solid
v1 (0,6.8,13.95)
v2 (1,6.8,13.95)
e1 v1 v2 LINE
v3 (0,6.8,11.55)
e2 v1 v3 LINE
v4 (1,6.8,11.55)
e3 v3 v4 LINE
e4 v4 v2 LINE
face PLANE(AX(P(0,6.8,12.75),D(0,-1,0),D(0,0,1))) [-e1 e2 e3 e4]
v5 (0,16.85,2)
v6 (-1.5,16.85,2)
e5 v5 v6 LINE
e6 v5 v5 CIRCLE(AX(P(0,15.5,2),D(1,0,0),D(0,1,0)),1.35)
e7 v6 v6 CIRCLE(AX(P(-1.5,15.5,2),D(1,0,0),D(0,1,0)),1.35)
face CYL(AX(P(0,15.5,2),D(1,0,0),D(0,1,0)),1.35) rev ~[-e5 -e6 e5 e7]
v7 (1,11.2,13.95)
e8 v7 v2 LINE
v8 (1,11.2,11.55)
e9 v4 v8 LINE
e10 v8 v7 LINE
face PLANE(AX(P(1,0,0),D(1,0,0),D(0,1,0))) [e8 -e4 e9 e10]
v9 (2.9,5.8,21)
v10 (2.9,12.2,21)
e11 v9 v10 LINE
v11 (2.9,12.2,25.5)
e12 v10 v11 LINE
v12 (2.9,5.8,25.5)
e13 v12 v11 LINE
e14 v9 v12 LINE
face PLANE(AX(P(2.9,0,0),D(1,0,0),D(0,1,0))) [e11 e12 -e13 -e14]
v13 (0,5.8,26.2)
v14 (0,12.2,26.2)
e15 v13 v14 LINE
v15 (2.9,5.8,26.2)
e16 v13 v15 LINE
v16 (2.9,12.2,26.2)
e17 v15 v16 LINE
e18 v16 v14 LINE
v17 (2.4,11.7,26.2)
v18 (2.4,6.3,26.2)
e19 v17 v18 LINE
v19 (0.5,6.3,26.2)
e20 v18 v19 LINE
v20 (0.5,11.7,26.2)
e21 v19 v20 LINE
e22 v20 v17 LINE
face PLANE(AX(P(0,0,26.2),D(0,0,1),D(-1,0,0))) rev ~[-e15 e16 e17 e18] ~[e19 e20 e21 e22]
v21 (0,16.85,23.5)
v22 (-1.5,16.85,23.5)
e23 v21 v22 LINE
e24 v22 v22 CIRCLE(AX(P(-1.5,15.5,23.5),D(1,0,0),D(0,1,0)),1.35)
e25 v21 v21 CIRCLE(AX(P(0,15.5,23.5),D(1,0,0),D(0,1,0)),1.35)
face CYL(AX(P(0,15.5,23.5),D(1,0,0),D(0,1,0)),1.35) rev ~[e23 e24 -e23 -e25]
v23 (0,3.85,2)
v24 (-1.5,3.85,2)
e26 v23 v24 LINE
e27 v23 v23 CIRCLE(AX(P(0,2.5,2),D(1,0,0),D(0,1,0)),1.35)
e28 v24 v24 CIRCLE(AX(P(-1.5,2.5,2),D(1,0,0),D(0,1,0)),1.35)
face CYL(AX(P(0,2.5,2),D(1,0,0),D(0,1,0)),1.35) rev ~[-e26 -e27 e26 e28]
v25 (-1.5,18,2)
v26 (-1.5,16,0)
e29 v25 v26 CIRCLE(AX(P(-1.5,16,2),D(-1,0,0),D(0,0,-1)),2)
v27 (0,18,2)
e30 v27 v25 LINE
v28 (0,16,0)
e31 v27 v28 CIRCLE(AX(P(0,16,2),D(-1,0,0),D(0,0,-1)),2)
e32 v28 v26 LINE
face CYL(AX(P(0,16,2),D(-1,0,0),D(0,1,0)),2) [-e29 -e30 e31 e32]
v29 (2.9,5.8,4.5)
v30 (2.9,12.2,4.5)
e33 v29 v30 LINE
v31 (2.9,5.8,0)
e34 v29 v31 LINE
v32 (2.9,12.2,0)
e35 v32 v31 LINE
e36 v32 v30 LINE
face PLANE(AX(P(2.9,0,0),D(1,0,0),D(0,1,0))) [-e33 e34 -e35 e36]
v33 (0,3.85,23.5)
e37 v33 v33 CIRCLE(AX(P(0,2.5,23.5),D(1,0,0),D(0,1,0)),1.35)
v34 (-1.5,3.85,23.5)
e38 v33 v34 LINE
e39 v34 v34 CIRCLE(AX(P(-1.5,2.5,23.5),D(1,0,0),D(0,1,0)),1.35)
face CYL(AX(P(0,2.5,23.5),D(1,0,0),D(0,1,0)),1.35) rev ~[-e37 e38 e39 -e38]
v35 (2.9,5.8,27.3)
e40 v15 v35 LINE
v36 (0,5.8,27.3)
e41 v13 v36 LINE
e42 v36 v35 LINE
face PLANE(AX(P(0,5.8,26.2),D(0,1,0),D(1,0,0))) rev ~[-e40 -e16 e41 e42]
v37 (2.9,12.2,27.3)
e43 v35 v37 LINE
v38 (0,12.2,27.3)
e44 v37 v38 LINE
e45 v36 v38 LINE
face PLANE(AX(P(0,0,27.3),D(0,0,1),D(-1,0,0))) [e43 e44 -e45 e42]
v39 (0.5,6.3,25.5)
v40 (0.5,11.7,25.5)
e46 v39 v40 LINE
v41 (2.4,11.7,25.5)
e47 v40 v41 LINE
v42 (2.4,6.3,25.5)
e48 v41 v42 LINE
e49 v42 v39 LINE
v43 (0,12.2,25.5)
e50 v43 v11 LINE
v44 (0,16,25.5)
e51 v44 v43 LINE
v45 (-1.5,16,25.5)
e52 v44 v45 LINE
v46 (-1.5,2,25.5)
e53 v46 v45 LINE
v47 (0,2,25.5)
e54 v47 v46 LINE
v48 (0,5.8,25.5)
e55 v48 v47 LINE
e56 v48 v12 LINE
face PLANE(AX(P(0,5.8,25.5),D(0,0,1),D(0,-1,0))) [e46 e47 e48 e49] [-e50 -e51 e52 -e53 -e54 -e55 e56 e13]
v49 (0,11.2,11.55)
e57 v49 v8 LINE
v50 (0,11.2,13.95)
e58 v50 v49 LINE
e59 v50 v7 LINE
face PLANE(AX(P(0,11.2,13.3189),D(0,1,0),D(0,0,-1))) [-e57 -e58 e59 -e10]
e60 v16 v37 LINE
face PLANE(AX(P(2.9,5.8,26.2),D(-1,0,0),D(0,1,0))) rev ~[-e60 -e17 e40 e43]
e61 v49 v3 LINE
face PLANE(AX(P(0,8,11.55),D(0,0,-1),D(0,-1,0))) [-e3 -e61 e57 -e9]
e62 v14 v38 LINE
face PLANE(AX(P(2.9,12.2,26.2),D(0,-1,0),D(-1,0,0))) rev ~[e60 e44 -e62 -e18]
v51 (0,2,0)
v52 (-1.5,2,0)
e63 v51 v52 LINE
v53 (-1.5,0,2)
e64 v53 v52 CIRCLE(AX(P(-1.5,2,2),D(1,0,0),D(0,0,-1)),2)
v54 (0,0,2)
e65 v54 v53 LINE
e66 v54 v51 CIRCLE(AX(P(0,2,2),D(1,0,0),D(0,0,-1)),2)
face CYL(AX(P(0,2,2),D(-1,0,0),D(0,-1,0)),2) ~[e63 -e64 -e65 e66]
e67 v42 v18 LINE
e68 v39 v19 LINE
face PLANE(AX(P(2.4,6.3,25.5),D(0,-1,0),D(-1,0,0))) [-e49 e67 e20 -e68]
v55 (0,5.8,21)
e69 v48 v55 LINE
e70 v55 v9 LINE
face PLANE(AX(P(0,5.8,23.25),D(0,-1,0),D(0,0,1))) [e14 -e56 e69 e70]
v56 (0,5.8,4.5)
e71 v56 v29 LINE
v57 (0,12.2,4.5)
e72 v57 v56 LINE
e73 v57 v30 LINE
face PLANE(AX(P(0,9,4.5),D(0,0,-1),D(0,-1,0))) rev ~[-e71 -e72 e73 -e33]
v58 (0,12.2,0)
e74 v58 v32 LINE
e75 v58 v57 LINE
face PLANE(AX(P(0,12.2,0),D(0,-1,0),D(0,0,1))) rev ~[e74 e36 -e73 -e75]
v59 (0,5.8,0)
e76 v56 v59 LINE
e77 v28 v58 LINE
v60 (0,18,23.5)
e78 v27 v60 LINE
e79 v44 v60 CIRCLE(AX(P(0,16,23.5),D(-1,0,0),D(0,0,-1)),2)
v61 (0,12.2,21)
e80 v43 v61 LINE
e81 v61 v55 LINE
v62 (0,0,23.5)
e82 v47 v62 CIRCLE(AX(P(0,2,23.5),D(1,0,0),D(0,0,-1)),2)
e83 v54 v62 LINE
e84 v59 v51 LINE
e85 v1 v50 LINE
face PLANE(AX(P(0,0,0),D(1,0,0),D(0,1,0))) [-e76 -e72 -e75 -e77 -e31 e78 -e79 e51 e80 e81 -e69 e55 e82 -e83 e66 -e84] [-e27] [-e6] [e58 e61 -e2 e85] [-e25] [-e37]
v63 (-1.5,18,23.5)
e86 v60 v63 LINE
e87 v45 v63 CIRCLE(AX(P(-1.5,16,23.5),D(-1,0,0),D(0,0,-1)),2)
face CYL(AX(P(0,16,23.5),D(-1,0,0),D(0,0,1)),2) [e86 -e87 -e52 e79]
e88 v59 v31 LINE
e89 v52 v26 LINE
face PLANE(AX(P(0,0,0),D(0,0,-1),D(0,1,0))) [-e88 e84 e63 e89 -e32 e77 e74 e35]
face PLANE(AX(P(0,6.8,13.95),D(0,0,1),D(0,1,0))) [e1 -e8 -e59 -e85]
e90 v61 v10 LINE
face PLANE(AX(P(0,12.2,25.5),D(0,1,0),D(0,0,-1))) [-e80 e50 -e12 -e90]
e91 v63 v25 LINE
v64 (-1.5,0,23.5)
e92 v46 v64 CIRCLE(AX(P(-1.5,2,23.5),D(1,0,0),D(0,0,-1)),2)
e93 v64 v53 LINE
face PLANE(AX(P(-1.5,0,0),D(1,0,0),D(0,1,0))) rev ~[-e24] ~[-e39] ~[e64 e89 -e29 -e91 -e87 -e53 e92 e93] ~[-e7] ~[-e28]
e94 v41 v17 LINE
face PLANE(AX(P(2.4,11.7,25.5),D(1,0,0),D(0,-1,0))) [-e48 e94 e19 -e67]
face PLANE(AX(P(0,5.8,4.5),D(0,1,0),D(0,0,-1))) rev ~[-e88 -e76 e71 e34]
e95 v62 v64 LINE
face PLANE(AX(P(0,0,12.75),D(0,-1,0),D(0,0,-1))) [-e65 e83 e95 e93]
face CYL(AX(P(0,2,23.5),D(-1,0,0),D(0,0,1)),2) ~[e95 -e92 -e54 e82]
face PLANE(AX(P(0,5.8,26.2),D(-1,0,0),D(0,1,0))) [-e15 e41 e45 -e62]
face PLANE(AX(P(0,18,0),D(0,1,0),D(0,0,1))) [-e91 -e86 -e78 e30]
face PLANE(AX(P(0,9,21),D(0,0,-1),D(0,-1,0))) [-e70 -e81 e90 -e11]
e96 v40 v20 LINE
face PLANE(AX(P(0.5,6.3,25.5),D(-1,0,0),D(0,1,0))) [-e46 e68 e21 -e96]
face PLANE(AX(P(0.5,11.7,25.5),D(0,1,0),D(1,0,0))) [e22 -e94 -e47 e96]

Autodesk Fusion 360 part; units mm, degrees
sketch "Sketch1" plane through (0, 0, 0) normal (1, 0, 0) x (0, 1, 0)
  line L0 (0, 0) -> (18, 0)
  line L1 (18, 0) -> (18, 25.5)
  line L2 (18, 25.5) -> (0, 25.5)
  line L3 (0, 25.5) -> (0, 0)
  line L4 (5.8, 25.5) -> (12.2, 25.5)
  line L5 (12.2, 25.5) -> (12.2, 21)
  line L6 (12.2, 21) -> (5.8, 21)
  line L7 (5.8, 21) -> (5.8, 25.5)
  line L8 (9, 0) -> (9, 25.5)
  line L9 (12.2, 23.25) -> (9, 23.25)
  line L10 (5.8, 23.25) -> (9, 23.25)
  line L11 (0, 12.75) -> (18, 12.75)
  line L12 (5.8, 4.5) -> (5.8, 0)
  line L13 (5.8, 0) -> (12.2, 0)
  line L14 (12.2, 0) -> (12.2, 4.5)
  line L15 (12.2, 4.5) -> (5.8, 4.5)
  line L16 (6.8, 13.95) -> (11.2, 13.95)
  line L17 (11.2, 13.95) -> (11.2, 11.55)
  line L18 (11.2, 11.55) -> (6.8, 11.55)
  line L19 (6.8, 11.55) -> (6.8, 13.95)
  line L20 (8, 13.95) -> (8, 12.75)
  line L21 (8, 11.55) -> (8, 12.75)
  line L22 (11.2, 13.3189) -> (9, 13.3189)
  line L23 (6.8, 13.3189) -> (9, 13.3189)
  dimension "d1" = 25.5
  dimension "d2" = 18
  dimension "d3" = 6.4
  dimension "d4" = 4.5
  dimension "d5" = 4.4
  dimension "d6" = 2.4
extrude "Extrude1" add sketch "Sketch1" against normal blind 1.5
extrude "Extrude2" add sketch "Sketch1" along normal blind 2.9 contours L0 L8 L12 L13 L15 | L0 L8 L13 L14 L15 | L2 L4 L7 L8 L10 | L2 L4 L5 L8 L9 | L6 L7 L8 L10 | L5 L6 L8 L9
extrude "Extrude3" add sketch "Sketch1" along normal blind 1 contours L11 L19 L20 L23 | L11 L18 L19 L21 | L8 L11 L20 L23 | L8 L11 L18 L21 | L16 L19 L20 L23 | L8 L11 L17 L18 | L8 L11 L17 L22 | L8 L16 L20 L23 | L8 L16 L17 L22
sketch "Sketch2" plane through (0, 0, 25.5) normal (0, 0, 1) x (-1, 0, 0)
  line L0 (0, -12.2) -> (0, -18)
  line L1 (0, -18) -> (1.5, -18)
  line L2 (1.5, -18) -> (1.5, 0)
  line L3 (1.5, 0) -> (0, 0)
  line L4 (0, 0) -> (0, -5.8)
  line L5 (0, -5.8) -> (-2.9, -5.8)
  line L6 (-2.9, -5.8) -> (-2.9, -12.2)
  line L7 (-2.9, -12.2) -> (0, -12.2)
  line L8 (-2.4, -6.3) -> (-0.5, -6.3)
  line L9 (-0.5, -6.3) -> (-0.5, -11.7)
  line L10 (-0.5, -11.7) -> (-2.4, -11.7)
  line L11 (-2.4, -11.7) -> (-2.4, -6.3)
  line L12 (0, -5.8) -> (0, -12.2)
  dimension "d13" = 0.5
  dimension "d14" = 0.5
  dimension "d15" = 0.5
  dimension "d16" = 0.5
extrude "Extrude4" add sketch "Sketch2" along normal blind 0.7 contours L8 L9 L10 L11
sketch "Sketch3" plane through (0, 0, 26.2) normal (0, 0, 1) x (-1, 0, 0)
  line L0 (-2.4, -11.7) -> (-0.5, -11.7)
  line L1 (-0.5, -11.7) -> (-0.5, -6.3)
  line L2 (-0.5, -6.3) -> (-2.4, -6.3)
  line L3 (-2.4, -6.3) -> (-2.4, -11.7)
  line L4 (-2.4, -11.7) -> (-2.4, -6.3)
  line L5 (-2.4, -6.3) -> (-0.5, -6.3)
  line L6 (-0.5, -6.3) -> (-0.5, -11.7)
  line L7 (-0.5, -11.7) -> (-2.4, -11.7)
  line L8 (0, -12.2) -> (0, -18)
  line L9 (0, -18) -> (1.5, -18)
  line L10 (1.5, -18) -> (1.5, 0)
  line L11 (1.5, 0) -> (0, 0)
  line L12 (0, 0) -> (0, -5.8)
  line L13 (0, -5.8) -> (-2.9, -5.8)
  line L14 (-2.9, -5.8) -> (-2.9, -12.2)
  line L15 (-2.9, -12.2) -> (0, -12.2)
  line L16 (-2.9, -5.8) -> (0, -5.8)
  line L17 (0, -5.8) -> (0, -12.2)
  line L18 (0, -12.2) -> (-2.9, -12.2)
  line L19 (-2.9, -12.2) -> (-2.9, -5.8)
extrude "Extrude5" add sketch "Sketch3" along normal blind 1.1 contours L0 L1 L2 L3 L4 L5 L6 L7 | L13 L14 L15 L16 L17 L18 L19
sketch "Sketch4" plane through (0, 0, 0) normal (1, 0, 0) x (0, 1, 0)
  line L0 (6.8, 11.55) -> (6.8, 13.95)
  line L1 (6.8, 13.95) -> (11.2, 13.95)
  line L2 (11.2, 13.95) -> (11.2, 11.55)
  line L3 (11.2, 11.55) -> (6.8, 11.55)
  line L4 (12.2, 25.5) -> (12.2, 21)
  line L5 (12.2, 21) -> (5.8, 21)
  line L6 (5.8, 21) -> (5.8, 25.5)
  line L7 (5.8, 25.5) -> (0, 25.5)
  line L8 (0, 25.5) -> (0, 0)
  line L9 (0, 0) -> (5.8, 0)
  line L10 (5.8, 0) -> (5.8, 4.5)
  line L11 (5.8, 4.5) -> (12.2, 4.5)
  line L12 (12.2, 4.5) -> (12.2, 0)
  line L13 (12.2, 0) -> (18, 0)
  line L14 (18, 0) -> (18, 25.5)
  line L15 (18, 25.5) -> (12.2, 25.5)
  circle A0 centre (2.5, 23.5) radius 1.35
  line L16 (9, 13.95) -> (9, 20)
  line L17 (6.8, 12.75) -> (1, 12.75)
  circle A1 centre (15.5, 23.5) radius 1.35
  circle A2 centre (2.5, 2) radius 1.35
  circle A3 centre (15.5, 2) radius 1.35
  dimension "d22" = 2.7
  dimension "d23" = 2
  dimension "d24" = 2.5
extrude "Extrude6" cut sketch "Sketch4" against normal blind 4 contours A0 | A1 | A2 | A3
fillet "Fillet1" radius 2 4 edges at (-0.75, 0, 25.5) (-0.75, 18, 25.5) (-0.75, 18, 0) (-0.75, 0, 0)
